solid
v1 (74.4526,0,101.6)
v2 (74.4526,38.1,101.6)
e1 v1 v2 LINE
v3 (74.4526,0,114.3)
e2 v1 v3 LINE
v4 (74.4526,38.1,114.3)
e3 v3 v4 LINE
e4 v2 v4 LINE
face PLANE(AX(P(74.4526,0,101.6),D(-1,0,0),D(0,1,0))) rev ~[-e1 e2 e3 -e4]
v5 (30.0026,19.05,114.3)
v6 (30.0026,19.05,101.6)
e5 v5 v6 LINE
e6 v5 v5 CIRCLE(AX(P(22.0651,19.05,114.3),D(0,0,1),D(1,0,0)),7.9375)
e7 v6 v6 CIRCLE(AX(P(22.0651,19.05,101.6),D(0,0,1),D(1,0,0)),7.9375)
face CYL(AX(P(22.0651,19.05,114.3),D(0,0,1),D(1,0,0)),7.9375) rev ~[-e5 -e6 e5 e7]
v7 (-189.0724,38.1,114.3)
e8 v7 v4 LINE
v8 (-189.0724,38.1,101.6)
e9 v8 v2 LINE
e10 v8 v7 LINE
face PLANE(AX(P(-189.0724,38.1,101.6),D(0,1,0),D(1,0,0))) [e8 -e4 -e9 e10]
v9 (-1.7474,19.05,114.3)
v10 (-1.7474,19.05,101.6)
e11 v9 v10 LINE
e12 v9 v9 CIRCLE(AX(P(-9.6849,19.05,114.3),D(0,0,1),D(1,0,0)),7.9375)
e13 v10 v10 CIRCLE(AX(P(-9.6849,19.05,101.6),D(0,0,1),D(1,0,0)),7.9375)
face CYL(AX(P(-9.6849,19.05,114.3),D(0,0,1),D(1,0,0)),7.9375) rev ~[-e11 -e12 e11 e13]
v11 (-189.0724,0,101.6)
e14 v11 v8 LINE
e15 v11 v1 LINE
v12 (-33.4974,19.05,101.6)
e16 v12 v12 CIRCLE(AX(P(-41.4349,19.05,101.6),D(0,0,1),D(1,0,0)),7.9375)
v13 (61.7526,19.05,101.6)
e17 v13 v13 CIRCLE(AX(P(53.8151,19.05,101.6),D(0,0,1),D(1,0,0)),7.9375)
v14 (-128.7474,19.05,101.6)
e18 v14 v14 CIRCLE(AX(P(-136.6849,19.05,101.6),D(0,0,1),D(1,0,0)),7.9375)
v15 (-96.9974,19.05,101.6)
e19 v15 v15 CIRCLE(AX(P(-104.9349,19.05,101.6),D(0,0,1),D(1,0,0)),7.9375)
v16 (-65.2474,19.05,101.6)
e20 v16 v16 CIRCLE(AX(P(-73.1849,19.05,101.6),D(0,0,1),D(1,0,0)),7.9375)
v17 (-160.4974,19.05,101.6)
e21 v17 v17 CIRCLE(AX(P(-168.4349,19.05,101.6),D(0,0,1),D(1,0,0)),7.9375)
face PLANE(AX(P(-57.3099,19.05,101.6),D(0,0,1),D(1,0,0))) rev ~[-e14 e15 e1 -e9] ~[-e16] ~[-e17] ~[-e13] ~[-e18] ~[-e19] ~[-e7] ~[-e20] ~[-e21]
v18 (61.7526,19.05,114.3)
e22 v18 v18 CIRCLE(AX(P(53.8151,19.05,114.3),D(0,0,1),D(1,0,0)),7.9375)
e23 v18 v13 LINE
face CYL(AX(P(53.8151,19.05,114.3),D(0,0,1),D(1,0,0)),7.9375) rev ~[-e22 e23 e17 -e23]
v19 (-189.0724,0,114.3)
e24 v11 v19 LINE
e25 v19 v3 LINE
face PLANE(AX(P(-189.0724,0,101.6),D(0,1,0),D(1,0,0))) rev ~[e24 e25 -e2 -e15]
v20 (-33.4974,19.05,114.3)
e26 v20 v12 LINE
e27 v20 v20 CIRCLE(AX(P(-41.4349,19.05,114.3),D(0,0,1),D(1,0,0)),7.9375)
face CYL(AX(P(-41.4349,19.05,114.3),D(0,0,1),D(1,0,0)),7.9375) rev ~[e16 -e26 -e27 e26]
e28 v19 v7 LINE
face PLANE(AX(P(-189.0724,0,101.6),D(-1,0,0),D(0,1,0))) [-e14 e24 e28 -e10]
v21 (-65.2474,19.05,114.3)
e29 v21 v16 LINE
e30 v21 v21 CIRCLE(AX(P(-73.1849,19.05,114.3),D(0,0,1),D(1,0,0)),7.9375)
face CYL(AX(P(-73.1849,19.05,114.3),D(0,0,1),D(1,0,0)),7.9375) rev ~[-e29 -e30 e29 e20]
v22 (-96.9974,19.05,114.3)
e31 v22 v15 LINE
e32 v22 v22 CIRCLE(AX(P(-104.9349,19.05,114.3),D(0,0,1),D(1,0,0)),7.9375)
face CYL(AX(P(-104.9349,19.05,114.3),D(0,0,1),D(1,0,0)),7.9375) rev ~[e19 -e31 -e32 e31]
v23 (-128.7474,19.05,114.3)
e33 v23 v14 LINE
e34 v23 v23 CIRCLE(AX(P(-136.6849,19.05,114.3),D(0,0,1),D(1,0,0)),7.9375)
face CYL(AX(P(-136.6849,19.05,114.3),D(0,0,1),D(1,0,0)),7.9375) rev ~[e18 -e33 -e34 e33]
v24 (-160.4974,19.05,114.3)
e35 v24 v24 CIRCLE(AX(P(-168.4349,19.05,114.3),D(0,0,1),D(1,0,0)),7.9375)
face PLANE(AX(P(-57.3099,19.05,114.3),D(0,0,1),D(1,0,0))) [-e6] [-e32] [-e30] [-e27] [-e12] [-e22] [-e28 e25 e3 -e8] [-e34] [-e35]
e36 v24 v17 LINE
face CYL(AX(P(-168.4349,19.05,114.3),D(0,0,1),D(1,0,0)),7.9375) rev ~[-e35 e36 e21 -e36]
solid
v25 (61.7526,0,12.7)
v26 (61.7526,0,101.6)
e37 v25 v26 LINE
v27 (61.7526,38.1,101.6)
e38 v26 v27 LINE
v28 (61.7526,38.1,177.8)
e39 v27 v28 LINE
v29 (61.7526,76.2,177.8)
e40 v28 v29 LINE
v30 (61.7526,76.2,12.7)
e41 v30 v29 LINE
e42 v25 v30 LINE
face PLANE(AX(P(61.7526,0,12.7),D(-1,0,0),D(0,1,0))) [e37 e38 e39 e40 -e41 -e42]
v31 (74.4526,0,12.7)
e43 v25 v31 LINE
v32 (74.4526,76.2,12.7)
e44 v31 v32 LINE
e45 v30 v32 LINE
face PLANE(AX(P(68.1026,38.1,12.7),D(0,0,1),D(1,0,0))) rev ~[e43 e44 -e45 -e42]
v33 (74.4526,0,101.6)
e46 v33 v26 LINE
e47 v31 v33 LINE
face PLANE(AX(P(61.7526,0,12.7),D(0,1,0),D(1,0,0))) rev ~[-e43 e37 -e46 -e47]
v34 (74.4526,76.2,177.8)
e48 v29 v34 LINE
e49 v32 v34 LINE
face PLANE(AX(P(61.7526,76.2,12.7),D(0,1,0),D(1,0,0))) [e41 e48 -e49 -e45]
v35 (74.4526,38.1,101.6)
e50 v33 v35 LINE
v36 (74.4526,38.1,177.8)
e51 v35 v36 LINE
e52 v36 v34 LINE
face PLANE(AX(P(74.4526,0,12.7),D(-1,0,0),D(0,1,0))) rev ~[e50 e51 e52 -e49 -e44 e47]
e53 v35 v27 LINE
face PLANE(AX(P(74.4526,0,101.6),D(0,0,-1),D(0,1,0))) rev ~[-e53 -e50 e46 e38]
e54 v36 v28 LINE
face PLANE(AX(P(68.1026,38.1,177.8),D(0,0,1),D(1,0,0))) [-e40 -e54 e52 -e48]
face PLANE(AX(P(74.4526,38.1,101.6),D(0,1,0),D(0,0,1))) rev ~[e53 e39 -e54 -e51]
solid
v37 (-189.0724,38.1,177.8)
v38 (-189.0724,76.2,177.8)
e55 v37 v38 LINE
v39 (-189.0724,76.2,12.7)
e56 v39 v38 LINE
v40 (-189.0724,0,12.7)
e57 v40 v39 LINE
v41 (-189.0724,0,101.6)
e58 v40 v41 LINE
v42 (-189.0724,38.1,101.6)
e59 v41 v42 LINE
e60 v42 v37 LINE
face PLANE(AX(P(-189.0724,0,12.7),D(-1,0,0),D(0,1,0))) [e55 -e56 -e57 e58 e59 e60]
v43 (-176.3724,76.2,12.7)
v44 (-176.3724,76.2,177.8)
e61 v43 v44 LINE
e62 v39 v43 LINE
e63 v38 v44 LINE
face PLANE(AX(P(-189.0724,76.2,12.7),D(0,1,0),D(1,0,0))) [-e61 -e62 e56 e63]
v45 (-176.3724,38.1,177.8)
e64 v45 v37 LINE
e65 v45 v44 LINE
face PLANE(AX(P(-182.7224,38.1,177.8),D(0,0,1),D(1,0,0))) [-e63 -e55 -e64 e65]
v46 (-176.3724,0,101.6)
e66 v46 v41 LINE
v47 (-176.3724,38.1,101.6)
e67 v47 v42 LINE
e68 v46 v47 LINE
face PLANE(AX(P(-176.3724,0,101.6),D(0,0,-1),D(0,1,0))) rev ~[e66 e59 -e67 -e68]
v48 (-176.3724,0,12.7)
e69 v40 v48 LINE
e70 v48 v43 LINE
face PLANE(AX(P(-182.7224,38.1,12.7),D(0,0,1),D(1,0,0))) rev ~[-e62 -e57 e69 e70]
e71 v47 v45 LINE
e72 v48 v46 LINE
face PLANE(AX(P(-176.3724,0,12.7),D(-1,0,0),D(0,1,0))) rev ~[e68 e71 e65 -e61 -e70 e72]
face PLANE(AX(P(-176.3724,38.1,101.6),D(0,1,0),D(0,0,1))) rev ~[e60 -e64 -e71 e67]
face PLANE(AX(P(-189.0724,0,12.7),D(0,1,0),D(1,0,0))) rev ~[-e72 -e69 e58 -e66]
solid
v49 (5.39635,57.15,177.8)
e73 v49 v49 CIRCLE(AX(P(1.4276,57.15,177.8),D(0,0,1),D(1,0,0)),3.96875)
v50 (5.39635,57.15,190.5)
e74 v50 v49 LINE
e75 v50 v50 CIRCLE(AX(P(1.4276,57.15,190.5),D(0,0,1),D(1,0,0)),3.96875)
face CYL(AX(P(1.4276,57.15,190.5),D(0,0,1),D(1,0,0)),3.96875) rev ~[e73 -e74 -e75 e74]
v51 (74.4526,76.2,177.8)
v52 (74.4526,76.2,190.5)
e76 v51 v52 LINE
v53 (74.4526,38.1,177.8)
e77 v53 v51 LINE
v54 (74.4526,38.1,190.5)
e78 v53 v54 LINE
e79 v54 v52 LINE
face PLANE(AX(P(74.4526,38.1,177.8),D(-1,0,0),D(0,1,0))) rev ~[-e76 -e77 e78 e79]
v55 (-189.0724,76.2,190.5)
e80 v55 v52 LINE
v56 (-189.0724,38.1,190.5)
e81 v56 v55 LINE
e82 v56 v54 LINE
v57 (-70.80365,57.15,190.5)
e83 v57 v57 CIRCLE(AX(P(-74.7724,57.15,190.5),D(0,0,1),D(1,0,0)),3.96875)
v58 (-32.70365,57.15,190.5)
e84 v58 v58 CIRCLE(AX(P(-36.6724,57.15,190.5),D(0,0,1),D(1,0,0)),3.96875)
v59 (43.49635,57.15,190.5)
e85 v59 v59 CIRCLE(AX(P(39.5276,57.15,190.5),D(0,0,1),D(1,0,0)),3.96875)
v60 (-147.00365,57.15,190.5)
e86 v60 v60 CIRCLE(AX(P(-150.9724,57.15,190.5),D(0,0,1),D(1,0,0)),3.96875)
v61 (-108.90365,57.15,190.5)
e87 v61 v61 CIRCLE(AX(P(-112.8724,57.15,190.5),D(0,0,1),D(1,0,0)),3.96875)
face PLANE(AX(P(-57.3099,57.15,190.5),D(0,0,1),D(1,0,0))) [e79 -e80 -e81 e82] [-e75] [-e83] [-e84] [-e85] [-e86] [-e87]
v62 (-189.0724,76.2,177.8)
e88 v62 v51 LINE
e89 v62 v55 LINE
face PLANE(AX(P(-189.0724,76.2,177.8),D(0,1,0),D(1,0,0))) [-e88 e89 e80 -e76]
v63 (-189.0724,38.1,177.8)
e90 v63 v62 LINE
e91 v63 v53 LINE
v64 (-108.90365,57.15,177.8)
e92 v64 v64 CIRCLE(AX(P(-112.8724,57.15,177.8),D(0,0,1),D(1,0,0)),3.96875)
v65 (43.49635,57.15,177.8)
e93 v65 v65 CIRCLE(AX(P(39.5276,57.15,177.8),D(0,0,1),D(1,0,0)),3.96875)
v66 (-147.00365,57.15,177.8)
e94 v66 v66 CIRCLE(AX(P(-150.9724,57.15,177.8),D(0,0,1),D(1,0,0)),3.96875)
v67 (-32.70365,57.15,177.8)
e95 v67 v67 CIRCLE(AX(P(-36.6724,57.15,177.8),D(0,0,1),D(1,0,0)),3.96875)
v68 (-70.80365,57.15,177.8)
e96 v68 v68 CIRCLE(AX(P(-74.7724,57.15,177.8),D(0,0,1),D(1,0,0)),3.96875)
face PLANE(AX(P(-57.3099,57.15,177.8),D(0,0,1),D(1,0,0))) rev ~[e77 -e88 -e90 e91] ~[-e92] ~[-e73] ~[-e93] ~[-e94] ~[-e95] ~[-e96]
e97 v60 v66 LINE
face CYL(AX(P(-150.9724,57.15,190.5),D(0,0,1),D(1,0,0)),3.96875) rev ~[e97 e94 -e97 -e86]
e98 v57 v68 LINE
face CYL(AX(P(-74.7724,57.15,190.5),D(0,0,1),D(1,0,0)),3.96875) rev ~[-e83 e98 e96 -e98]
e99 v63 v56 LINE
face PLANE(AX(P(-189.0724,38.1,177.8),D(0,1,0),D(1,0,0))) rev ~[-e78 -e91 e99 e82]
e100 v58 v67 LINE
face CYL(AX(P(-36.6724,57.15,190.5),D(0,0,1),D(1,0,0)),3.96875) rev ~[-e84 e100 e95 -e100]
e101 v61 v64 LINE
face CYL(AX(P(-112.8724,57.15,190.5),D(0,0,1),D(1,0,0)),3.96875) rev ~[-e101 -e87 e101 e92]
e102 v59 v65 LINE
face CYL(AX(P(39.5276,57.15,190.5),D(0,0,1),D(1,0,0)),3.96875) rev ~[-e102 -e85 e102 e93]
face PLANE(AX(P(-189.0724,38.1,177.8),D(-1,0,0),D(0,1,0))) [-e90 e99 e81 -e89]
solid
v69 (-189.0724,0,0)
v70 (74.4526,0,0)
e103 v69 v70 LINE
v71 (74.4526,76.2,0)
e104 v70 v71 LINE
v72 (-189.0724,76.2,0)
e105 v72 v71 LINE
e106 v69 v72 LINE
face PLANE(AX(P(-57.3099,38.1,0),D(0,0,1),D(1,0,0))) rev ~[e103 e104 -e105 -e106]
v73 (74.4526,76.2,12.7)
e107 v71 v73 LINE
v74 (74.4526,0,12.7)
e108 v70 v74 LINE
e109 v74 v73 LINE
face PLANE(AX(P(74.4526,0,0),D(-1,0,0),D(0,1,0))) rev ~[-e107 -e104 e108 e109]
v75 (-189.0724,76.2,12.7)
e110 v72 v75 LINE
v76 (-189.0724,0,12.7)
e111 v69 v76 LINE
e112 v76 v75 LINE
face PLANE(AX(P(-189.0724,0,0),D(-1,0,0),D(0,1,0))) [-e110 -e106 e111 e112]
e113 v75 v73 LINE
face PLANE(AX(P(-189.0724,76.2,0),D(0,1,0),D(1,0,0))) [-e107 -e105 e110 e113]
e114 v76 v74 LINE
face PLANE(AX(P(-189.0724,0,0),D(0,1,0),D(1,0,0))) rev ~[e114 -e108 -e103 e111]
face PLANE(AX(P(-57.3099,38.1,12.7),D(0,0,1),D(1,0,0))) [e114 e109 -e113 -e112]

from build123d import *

# Parameters (mm, degrees)
F0_W      = 263.525
F0_H      = 76.2
F1_DEPTH  = 12.7
F2_W      = 12.7
F2_H      = 76.2
F3_DEPTH  = 165.1
F4_W      = 38.1
F4_H      = 76.2
F5_DEPTH  = 12.7
F6_W      = 12.7
F6_H      = 76.2
F7_DEPTH  = 165.1
F8_W      = 38.1
F8_H      = 76.2
F9_DEPTH  = 12.7
F10_W     = 263.525
F10_H     = 38.1
F11_DEPTH = 12.7
F12_W     = 263.525
F12_H     = 38.1
F13_DEPTH = 12.7
F14_R     = 7.9375
F15_DEPTH = 12.7
F16_R     = 3.96875
F17_DEPTH = 12.7


with BuildPart() as f1:
    # F0 (on Top) → F1 (new body)
    with BuildSketch(Plane.XY):
        with Locations((-57.3099, 38.1)):
            Rectangle(F0_W, F0_H)
    extrude(amount=F1_DEPTH)


with BuildPart() as f3:
    # F2 (on face) → F3 (new body)
    with BuildSketch(Plane.XY.offset(12.7)):
        with Locations((-182.7224, 38.1)):
            Rectangle(F2_W, F2_H)
    extrude(amount=F3_DEPTH)

    # F4 (on face) → F5 (cut, through all)
    with BuildSketch(Plane.YZ.offset(-176.3724)):
        with Locations((19.05, 139.7)):
            Rectangle(F4_W, F4_H)
    extrude(amount=-F5_DEPTH, mode=Mode.SUBTRACT)


with BuildPart() as f7:
    # F6 (on face) → F7 (new body)
    with BuildSketch(Plane.XY.offset(12.7)):
        with Locations((68.1026, 38.1)):
            Rectangle(F6_W, F6_H)
    extrude(amount=F7_DEPTH)

    # F8 (on face) → F9 (cut, through all)
    with BuildSketch(Plane.YZ.offset(74.4526)):
        with Locations((19.05, 139.7)):
            Rectangle(F8_W, F8_H)
    extrude(amount=-F9_DEPTH, mode=Mode.SUBTRACT)


with BuildPart() as f11:
    # F10 (on face) → F11 (new body)
    with BuildSketch(Plane.XY.offset(177.8)):
        with Locations((-57.3099, 57.15)):
            Rectangle(F10_W, F10_H)
    extrude(amount=F11_DEPTH)

    # F16 (on face) → F17 (cut, through all)
    with BuildSketch(Plane.XY.offset(190.5)):
        with Locations((-150.9724, 57.15)):
            Circle(F16_R)
        with Locations((1.4276, 57.15)):
            Circle(F16_R)
        with Locations((-112.8724, 57.15)):
            Circle(F16_R)
        with Locations((-74.7724, 57.15)):
            Circle(F16_R)
        with Locations((-36.6724, 57.15)):
            Circle(F16_R)
        with Locations((39.5276, 57.15)):
            Circle(F16_R)
    extrude(amount=-F17_DEPTH, mode=Mode.SUBTRACT)


with BuildPart() as f13:
    # F12 (on face) → F13 (new body)
    with BuildSketch(Plane.XY.offset(101.6)):
        with Locations((-57.3099, 19.05)):
            Rectangle(F12_W, F12_H)
    extrude(amount=F13_DEPTH)

    # F14 (on face) → F15 (cut, through all)
    with BuildSketch(Plane.XY.offset(114.3)):
        with Locations((-168.4349, 19.05)):
            Circle(F14_R)
        with Locations((-136.6849, 19.05)):
            Circle(F14_R)
        with Locations((-104.9349, 19.05)):
            Circle(F14_R)
        with Locations((-73.1849, 19.05)):
            Circle(F14_R)
        with Locations((-41.4349, 19.05)):
            Circle(F14_R)
        with Locations((-9.6849, 19.05)):
            Circle(F14_R)
        with Locations((22.0651, 19.05)):
            Circle(F14_R)
        with Locations((53.8151, 19.05)):
            Circle(F14_R)
    extrude(amount=-F15_DEPTH, mode=Mode.SUBTRACT)


solid = Compound([f1.part, f3.part, f7.part, f11.part, f13.part])
